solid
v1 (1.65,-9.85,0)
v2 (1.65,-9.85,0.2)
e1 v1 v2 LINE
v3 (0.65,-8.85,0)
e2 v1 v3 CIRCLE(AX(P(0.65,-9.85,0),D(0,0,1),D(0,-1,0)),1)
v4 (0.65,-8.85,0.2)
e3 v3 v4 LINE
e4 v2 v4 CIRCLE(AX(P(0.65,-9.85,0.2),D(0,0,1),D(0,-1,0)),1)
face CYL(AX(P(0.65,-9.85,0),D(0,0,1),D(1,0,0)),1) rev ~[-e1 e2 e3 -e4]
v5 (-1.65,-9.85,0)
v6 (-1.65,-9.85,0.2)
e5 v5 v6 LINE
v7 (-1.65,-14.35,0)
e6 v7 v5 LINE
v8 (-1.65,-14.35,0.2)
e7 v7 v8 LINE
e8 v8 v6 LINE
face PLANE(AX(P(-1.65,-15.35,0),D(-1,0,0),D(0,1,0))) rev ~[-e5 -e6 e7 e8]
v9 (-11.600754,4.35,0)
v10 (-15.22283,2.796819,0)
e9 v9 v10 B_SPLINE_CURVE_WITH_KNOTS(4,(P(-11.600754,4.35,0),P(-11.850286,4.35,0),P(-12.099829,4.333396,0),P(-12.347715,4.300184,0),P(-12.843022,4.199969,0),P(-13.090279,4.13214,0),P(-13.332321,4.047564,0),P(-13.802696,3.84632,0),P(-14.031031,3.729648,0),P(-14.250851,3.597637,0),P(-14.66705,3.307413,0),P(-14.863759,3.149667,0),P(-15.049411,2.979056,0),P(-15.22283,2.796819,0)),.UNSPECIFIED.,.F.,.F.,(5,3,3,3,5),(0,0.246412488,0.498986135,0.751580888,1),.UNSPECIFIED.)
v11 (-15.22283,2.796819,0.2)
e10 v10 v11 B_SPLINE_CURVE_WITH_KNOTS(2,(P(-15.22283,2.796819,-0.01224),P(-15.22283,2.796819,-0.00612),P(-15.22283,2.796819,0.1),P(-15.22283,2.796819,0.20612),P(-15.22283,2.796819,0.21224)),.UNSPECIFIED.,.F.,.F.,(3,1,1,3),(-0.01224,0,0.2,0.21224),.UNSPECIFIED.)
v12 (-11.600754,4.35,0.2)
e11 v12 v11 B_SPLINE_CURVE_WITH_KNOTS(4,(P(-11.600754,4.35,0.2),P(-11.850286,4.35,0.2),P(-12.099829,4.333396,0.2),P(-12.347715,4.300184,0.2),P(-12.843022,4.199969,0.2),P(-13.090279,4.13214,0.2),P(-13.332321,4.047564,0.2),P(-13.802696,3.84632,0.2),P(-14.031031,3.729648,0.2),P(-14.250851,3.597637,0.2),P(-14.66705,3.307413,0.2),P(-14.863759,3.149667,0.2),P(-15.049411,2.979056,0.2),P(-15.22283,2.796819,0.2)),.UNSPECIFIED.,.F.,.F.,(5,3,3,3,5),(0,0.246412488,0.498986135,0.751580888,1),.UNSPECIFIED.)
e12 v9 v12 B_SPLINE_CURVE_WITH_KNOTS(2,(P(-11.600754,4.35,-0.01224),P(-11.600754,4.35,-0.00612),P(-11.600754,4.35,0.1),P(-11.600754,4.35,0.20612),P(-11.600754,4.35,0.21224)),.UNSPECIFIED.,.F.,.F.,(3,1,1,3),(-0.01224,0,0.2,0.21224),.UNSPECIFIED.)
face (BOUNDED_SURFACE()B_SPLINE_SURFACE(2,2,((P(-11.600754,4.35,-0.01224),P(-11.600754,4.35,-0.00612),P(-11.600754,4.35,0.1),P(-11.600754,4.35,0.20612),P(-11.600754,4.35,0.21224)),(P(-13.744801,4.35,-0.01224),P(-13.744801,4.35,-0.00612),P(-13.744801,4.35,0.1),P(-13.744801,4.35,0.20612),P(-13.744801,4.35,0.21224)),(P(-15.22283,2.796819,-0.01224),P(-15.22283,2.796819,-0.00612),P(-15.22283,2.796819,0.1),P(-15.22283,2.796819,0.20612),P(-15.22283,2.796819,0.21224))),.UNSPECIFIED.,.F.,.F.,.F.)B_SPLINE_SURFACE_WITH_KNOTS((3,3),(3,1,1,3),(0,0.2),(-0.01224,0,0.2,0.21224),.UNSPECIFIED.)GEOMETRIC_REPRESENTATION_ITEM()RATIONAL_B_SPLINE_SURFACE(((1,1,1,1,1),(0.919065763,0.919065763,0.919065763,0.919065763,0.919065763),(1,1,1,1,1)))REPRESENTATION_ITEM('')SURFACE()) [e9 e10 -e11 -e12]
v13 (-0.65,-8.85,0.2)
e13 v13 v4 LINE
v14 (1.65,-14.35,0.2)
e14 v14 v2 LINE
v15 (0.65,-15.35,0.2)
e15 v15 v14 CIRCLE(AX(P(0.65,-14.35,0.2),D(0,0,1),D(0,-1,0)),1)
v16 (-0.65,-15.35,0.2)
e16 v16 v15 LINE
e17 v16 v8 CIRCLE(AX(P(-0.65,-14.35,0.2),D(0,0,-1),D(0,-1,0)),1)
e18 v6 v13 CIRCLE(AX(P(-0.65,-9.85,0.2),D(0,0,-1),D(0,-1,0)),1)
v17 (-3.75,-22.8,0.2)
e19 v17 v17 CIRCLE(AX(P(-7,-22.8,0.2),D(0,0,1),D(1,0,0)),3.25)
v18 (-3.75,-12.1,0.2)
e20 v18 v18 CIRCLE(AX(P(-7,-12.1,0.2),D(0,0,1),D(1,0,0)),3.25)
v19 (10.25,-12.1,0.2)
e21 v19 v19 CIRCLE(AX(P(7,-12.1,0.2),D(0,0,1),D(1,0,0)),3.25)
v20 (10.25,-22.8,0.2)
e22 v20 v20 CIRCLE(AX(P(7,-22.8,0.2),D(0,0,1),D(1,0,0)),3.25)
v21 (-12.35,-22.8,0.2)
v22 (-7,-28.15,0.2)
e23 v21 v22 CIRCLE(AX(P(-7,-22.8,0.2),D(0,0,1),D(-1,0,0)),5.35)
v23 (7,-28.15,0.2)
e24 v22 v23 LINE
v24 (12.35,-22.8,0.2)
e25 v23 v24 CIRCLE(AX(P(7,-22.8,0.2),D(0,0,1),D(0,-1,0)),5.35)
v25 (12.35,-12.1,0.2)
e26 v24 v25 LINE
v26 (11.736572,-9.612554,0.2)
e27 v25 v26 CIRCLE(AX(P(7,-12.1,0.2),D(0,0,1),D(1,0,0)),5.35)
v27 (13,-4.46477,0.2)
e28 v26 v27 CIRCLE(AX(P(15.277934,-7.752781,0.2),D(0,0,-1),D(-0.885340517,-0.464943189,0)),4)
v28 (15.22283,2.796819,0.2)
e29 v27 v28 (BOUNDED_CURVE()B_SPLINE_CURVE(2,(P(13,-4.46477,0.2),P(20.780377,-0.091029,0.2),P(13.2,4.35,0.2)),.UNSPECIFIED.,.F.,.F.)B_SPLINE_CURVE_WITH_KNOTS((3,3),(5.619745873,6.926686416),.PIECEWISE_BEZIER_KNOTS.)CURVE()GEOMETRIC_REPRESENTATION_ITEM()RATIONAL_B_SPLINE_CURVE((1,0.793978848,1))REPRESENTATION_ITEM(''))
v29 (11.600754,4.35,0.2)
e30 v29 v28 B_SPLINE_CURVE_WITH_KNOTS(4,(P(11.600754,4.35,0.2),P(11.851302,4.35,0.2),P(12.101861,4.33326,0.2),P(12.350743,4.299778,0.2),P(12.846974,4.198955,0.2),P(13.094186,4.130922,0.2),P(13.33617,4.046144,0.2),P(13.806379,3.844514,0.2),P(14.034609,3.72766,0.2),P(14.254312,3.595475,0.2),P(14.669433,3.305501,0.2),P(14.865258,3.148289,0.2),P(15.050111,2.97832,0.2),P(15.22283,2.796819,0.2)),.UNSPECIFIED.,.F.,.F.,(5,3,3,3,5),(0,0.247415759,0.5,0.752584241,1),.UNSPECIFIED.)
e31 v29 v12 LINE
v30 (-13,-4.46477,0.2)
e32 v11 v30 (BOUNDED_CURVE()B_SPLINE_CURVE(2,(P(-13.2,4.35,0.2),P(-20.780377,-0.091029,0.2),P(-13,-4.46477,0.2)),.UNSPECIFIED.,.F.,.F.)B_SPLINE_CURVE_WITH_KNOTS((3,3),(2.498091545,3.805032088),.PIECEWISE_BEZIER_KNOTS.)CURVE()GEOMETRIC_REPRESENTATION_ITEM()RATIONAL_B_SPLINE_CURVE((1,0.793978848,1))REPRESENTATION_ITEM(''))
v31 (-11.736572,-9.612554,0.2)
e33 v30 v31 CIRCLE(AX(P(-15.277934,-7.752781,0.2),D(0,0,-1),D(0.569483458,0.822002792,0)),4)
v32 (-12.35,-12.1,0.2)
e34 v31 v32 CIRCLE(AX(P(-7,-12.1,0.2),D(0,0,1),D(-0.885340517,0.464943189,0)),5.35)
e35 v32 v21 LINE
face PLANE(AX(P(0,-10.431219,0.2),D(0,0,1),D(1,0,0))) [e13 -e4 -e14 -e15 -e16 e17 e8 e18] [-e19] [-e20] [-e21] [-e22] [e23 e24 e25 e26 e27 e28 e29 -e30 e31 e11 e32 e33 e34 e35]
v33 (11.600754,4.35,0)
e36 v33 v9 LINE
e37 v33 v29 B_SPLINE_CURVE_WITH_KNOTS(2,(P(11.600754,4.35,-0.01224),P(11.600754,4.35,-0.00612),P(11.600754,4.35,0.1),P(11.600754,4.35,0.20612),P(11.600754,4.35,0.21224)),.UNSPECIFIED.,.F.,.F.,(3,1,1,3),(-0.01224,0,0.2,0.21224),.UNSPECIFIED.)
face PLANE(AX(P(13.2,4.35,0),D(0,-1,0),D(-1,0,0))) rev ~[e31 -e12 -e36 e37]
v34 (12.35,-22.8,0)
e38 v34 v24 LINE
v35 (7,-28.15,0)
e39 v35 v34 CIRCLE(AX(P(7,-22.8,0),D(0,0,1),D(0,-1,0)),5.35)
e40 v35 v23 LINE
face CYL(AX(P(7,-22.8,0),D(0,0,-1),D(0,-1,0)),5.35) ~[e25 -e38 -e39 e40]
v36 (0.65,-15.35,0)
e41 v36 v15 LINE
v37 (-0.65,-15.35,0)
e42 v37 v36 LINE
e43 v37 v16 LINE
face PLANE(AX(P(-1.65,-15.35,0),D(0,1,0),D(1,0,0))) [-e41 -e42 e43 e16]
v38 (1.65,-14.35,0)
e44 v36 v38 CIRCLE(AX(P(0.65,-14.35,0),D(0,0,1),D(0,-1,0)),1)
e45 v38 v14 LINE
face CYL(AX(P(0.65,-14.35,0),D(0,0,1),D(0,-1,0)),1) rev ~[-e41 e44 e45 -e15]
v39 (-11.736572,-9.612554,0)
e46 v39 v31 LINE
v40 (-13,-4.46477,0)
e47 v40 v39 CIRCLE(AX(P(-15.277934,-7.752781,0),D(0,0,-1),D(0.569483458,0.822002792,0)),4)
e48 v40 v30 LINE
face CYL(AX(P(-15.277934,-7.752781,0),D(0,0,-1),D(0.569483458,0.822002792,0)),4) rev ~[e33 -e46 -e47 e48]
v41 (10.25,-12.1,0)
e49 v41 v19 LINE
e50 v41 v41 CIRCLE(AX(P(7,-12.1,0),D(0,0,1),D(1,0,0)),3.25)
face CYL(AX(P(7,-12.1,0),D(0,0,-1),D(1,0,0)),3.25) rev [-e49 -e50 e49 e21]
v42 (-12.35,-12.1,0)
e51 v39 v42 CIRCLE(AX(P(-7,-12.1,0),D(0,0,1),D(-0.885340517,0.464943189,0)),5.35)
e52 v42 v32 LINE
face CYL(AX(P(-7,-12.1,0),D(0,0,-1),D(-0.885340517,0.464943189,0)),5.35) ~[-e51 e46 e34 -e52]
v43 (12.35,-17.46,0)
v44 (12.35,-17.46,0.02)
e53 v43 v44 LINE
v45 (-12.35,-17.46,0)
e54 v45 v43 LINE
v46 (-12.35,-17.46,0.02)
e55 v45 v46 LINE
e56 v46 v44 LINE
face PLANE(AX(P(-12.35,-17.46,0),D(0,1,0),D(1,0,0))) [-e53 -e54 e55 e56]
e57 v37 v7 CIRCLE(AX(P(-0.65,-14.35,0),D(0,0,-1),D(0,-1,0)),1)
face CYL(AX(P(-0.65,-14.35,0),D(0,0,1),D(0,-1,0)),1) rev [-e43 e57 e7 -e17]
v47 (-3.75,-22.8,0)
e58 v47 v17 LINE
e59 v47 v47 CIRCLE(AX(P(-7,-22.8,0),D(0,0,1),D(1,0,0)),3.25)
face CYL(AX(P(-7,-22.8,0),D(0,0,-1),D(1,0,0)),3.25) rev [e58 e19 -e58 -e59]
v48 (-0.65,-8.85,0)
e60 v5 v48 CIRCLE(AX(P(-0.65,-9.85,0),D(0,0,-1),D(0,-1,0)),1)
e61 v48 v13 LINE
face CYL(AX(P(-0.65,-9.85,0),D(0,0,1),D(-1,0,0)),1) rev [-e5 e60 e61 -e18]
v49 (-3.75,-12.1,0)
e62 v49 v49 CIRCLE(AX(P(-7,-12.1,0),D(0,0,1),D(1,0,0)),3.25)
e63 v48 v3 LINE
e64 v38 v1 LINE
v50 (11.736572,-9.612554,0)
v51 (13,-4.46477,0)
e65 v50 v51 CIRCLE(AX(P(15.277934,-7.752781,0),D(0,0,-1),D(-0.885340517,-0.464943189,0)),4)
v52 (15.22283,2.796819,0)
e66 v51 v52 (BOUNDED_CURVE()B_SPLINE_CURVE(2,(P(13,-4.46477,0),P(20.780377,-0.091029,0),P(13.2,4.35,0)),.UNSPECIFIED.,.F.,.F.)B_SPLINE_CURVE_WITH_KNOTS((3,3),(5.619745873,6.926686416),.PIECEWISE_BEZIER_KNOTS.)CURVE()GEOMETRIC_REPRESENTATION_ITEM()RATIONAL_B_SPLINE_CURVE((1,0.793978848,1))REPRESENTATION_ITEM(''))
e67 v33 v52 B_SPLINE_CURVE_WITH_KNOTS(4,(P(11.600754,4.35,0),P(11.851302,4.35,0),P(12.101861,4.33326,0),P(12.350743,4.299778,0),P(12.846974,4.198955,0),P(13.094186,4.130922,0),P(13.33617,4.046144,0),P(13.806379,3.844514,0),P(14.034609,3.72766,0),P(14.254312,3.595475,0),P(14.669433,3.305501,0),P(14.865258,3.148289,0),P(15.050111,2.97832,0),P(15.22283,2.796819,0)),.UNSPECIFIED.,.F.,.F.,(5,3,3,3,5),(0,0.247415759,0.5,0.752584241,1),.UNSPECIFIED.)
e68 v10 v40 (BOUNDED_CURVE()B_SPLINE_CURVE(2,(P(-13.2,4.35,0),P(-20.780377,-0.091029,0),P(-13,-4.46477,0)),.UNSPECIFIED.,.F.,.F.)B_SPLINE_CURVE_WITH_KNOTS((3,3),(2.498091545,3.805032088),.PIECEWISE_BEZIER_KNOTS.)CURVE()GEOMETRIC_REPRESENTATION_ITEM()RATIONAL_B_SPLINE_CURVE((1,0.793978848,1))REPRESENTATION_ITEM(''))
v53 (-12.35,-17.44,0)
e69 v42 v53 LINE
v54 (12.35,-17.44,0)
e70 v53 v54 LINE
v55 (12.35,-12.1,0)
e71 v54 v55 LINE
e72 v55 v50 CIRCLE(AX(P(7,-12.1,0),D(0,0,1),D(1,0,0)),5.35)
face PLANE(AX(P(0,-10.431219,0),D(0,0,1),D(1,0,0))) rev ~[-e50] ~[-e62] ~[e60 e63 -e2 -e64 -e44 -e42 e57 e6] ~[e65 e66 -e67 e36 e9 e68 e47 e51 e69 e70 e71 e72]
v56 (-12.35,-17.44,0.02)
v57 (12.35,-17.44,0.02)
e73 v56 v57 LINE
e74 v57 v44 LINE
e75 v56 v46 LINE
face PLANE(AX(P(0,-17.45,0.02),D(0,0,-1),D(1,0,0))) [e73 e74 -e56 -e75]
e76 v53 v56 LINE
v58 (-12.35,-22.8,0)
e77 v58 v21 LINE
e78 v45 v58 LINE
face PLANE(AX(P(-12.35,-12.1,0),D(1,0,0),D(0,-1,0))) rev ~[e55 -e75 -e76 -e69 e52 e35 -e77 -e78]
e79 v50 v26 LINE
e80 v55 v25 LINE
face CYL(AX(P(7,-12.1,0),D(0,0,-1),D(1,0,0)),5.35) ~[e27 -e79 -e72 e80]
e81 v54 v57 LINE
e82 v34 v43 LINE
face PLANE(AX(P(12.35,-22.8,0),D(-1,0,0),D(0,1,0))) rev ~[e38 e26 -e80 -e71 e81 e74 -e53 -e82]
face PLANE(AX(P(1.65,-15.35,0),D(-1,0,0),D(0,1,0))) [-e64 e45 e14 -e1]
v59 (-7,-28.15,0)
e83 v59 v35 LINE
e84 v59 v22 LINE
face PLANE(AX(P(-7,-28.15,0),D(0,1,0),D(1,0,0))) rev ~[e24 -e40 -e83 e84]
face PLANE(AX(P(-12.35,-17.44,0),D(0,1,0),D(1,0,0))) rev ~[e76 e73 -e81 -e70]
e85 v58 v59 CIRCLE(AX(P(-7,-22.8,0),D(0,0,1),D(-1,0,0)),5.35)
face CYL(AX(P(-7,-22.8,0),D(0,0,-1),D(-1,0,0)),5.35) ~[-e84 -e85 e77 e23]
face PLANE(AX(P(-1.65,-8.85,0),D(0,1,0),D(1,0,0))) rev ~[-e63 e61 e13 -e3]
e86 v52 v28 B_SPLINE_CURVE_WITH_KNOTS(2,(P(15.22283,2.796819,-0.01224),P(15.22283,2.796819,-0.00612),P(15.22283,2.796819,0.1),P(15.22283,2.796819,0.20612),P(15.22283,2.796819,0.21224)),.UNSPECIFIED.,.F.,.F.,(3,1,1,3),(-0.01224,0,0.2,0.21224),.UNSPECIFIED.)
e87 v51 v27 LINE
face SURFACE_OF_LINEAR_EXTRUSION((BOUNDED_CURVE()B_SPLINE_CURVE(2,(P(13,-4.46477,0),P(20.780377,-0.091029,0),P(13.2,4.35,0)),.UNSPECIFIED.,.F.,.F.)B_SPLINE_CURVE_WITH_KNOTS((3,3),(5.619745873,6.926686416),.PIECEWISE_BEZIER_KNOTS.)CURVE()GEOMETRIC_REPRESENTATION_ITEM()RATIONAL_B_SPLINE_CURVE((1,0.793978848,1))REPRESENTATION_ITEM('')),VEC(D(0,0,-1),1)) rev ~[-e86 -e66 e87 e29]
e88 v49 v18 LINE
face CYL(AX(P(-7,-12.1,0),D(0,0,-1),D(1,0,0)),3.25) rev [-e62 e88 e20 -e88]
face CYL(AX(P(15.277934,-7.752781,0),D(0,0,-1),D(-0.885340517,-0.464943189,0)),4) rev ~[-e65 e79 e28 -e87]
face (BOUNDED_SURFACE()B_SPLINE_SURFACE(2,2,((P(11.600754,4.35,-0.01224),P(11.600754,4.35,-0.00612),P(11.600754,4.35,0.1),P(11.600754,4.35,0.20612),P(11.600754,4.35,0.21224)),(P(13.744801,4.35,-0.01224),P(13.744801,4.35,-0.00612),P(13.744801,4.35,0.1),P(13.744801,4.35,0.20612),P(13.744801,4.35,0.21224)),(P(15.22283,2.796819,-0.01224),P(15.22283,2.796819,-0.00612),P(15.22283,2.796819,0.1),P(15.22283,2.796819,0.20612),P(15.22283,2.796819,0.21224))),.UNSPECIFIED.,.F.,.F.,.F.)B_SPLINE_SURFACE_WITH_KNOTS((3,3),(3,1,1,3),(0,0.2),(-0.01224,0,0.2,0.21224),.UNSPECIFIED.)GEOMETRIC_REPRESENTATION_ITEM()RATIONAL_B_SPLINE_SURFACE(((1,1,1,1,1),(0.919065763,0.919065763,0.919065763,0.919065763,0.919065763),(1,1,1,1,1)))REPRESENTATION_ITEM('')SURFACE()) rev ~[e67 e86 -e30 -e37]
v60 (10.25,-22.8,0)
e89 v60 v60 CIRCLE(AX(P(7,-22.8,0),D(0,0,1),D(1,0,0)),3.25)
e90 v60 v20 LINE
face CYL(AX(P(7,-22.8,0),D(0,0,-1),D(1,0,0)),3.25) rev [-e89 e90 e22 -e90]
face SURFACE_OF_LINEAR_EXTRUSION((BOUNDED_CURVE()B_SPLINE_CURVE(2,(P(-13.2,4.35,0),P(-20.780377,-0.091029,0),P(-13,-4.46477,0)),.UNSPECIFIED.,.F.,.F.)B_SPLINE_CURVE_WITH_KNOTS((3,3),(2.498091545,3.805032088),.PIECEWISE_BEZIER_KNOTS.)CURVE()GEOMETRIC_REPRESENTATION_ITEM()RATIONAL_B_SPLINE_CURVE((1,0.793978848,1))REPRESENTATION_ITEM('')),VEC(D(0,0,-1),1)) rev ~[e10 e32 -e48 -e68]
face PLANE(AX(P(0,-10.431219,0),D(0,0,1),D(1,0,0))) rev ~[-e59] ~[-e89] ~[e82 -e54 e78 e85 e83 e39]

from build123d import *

# Parameters (mm, degrees)
F0_R     = 3.25
F0_W     = 3.3
F0_H     = 6.5
F1_DEPTH = 0.2
F2_R     = 5
F3_W     = 24.7
F3_H     = 0.02
F4_DEPTH = 0.02
F5_R     = 1


with BuildPart() as f1:
    # F0 (on Top) → F1 (new body)
    with BuildSketch(Plane.XY):
        with BuildLine():
            Line((13.2, 4.35), (-13.2, 4.35))
            add(Edge.make_bspline(
                [(-13.2, 4.35), (-20.78037737, -0.0910291662), (-13, -4.4647700118)],
                knots=[2.4980915448, 2.4980915448, 2.4980915448, 3.8050320878, 3.8050320878, 3.8050320878], degree=2, weights=[1, 0.7939788481, 1]))
            ThreePointArc((-13, -4.4647700118), (-11.3932239297, -6.7993510754), (-11.7365717654, -9.6125539381))
            ThreePointArc((-11.7365717654, -9.6125539381), (-12.1943796042, -10.8190157973), (-12.35, -12.1))
            Line((-12.35, -12.1), (-12.35, -22.8))
            ThreePointArc((-12.35, -22.8), (-10.7830212793, -26.5830212793), (-7, -28.15))
            Line((-7, -28.15), (7, -28.15))
            ThreePointArc((7, -28.15), (10.7830212793, -26.5830212793), (12.35, -22.8))
            Line((12.35, -22.8), (12.35, -12.1))
            ThreePointArc((12.35, -12.1), (12.1943796042, -10.8190157973), (11.7365717654, -9.6125539381))
            ThreePointArc((11.7365717654, -9.6125539381), (11.3932239297, -6.7993510754), (13, -4.4647700118))
            add(Edge.make_bspline(
                [(13, -4.4647700118), (20.78037737, -0.0910291662), (13.2, 4.35)],
                knots=[5.6197458729, 5.6197458729, 5.6197458729, 6.926686416, 6.926686416, 6.926686416], degree=2, weights=[1, 0.7939788481, 1]))
        make_face()
        with Locations((-7, -22.8)):
            Circle(F0_R, mode=Mode.SUBTRACT)
        with Locations((-7, -12.1)):
            Circle(F0_R, mode=Mode.SUBTRACT)
        with Locations((7, -22.8)):
            Circle(F0_R, mode=Mode.SUBTRACT)
        with Locations((0, -12.1)):
            Rectangle(F0_W, F0_H, mode=Mode.SUBTRACT)
        with Locations((7, -12.1)):
            Circle(F0_R, mode=Mode.SUBTRACT)
    extrude(amount=F1_DEPTH)

    # F2
    f2_edges = [f1.edges().sort_by_distance(p)[0] for p in [
        (13.2, 4.35, 0.1),
        (-13.2, 4.35, 0.1),
    ]]
    fillet(f2_edges, radius=F2_R)

    # F3 (on face) → F4 (cut)
    with BuildSketch(Plane(origin=(0, 0, 0), x_dir=(1, 0, 0), z_dir=(0, 0, -1))):
        with Locations((0, 17.45)):
            Rectangle(F3_W, F3_H)
    extrude(amount=-F4_DEPTH, mode=Mode.SUBTRACT)

    # F5
    f5_edges = [f1.edges().sort_by_distance(p)[0] for p in [
        (-1.65, -8.85, 0.1),
        (1.65, -8.85, 0.1),
        (-1.65, -15.35, 0.1),
        (1.65, -15.35, 0.1),
    ]]
    fillet(f5_edges, radius=F5_R)


solid = f1.part
